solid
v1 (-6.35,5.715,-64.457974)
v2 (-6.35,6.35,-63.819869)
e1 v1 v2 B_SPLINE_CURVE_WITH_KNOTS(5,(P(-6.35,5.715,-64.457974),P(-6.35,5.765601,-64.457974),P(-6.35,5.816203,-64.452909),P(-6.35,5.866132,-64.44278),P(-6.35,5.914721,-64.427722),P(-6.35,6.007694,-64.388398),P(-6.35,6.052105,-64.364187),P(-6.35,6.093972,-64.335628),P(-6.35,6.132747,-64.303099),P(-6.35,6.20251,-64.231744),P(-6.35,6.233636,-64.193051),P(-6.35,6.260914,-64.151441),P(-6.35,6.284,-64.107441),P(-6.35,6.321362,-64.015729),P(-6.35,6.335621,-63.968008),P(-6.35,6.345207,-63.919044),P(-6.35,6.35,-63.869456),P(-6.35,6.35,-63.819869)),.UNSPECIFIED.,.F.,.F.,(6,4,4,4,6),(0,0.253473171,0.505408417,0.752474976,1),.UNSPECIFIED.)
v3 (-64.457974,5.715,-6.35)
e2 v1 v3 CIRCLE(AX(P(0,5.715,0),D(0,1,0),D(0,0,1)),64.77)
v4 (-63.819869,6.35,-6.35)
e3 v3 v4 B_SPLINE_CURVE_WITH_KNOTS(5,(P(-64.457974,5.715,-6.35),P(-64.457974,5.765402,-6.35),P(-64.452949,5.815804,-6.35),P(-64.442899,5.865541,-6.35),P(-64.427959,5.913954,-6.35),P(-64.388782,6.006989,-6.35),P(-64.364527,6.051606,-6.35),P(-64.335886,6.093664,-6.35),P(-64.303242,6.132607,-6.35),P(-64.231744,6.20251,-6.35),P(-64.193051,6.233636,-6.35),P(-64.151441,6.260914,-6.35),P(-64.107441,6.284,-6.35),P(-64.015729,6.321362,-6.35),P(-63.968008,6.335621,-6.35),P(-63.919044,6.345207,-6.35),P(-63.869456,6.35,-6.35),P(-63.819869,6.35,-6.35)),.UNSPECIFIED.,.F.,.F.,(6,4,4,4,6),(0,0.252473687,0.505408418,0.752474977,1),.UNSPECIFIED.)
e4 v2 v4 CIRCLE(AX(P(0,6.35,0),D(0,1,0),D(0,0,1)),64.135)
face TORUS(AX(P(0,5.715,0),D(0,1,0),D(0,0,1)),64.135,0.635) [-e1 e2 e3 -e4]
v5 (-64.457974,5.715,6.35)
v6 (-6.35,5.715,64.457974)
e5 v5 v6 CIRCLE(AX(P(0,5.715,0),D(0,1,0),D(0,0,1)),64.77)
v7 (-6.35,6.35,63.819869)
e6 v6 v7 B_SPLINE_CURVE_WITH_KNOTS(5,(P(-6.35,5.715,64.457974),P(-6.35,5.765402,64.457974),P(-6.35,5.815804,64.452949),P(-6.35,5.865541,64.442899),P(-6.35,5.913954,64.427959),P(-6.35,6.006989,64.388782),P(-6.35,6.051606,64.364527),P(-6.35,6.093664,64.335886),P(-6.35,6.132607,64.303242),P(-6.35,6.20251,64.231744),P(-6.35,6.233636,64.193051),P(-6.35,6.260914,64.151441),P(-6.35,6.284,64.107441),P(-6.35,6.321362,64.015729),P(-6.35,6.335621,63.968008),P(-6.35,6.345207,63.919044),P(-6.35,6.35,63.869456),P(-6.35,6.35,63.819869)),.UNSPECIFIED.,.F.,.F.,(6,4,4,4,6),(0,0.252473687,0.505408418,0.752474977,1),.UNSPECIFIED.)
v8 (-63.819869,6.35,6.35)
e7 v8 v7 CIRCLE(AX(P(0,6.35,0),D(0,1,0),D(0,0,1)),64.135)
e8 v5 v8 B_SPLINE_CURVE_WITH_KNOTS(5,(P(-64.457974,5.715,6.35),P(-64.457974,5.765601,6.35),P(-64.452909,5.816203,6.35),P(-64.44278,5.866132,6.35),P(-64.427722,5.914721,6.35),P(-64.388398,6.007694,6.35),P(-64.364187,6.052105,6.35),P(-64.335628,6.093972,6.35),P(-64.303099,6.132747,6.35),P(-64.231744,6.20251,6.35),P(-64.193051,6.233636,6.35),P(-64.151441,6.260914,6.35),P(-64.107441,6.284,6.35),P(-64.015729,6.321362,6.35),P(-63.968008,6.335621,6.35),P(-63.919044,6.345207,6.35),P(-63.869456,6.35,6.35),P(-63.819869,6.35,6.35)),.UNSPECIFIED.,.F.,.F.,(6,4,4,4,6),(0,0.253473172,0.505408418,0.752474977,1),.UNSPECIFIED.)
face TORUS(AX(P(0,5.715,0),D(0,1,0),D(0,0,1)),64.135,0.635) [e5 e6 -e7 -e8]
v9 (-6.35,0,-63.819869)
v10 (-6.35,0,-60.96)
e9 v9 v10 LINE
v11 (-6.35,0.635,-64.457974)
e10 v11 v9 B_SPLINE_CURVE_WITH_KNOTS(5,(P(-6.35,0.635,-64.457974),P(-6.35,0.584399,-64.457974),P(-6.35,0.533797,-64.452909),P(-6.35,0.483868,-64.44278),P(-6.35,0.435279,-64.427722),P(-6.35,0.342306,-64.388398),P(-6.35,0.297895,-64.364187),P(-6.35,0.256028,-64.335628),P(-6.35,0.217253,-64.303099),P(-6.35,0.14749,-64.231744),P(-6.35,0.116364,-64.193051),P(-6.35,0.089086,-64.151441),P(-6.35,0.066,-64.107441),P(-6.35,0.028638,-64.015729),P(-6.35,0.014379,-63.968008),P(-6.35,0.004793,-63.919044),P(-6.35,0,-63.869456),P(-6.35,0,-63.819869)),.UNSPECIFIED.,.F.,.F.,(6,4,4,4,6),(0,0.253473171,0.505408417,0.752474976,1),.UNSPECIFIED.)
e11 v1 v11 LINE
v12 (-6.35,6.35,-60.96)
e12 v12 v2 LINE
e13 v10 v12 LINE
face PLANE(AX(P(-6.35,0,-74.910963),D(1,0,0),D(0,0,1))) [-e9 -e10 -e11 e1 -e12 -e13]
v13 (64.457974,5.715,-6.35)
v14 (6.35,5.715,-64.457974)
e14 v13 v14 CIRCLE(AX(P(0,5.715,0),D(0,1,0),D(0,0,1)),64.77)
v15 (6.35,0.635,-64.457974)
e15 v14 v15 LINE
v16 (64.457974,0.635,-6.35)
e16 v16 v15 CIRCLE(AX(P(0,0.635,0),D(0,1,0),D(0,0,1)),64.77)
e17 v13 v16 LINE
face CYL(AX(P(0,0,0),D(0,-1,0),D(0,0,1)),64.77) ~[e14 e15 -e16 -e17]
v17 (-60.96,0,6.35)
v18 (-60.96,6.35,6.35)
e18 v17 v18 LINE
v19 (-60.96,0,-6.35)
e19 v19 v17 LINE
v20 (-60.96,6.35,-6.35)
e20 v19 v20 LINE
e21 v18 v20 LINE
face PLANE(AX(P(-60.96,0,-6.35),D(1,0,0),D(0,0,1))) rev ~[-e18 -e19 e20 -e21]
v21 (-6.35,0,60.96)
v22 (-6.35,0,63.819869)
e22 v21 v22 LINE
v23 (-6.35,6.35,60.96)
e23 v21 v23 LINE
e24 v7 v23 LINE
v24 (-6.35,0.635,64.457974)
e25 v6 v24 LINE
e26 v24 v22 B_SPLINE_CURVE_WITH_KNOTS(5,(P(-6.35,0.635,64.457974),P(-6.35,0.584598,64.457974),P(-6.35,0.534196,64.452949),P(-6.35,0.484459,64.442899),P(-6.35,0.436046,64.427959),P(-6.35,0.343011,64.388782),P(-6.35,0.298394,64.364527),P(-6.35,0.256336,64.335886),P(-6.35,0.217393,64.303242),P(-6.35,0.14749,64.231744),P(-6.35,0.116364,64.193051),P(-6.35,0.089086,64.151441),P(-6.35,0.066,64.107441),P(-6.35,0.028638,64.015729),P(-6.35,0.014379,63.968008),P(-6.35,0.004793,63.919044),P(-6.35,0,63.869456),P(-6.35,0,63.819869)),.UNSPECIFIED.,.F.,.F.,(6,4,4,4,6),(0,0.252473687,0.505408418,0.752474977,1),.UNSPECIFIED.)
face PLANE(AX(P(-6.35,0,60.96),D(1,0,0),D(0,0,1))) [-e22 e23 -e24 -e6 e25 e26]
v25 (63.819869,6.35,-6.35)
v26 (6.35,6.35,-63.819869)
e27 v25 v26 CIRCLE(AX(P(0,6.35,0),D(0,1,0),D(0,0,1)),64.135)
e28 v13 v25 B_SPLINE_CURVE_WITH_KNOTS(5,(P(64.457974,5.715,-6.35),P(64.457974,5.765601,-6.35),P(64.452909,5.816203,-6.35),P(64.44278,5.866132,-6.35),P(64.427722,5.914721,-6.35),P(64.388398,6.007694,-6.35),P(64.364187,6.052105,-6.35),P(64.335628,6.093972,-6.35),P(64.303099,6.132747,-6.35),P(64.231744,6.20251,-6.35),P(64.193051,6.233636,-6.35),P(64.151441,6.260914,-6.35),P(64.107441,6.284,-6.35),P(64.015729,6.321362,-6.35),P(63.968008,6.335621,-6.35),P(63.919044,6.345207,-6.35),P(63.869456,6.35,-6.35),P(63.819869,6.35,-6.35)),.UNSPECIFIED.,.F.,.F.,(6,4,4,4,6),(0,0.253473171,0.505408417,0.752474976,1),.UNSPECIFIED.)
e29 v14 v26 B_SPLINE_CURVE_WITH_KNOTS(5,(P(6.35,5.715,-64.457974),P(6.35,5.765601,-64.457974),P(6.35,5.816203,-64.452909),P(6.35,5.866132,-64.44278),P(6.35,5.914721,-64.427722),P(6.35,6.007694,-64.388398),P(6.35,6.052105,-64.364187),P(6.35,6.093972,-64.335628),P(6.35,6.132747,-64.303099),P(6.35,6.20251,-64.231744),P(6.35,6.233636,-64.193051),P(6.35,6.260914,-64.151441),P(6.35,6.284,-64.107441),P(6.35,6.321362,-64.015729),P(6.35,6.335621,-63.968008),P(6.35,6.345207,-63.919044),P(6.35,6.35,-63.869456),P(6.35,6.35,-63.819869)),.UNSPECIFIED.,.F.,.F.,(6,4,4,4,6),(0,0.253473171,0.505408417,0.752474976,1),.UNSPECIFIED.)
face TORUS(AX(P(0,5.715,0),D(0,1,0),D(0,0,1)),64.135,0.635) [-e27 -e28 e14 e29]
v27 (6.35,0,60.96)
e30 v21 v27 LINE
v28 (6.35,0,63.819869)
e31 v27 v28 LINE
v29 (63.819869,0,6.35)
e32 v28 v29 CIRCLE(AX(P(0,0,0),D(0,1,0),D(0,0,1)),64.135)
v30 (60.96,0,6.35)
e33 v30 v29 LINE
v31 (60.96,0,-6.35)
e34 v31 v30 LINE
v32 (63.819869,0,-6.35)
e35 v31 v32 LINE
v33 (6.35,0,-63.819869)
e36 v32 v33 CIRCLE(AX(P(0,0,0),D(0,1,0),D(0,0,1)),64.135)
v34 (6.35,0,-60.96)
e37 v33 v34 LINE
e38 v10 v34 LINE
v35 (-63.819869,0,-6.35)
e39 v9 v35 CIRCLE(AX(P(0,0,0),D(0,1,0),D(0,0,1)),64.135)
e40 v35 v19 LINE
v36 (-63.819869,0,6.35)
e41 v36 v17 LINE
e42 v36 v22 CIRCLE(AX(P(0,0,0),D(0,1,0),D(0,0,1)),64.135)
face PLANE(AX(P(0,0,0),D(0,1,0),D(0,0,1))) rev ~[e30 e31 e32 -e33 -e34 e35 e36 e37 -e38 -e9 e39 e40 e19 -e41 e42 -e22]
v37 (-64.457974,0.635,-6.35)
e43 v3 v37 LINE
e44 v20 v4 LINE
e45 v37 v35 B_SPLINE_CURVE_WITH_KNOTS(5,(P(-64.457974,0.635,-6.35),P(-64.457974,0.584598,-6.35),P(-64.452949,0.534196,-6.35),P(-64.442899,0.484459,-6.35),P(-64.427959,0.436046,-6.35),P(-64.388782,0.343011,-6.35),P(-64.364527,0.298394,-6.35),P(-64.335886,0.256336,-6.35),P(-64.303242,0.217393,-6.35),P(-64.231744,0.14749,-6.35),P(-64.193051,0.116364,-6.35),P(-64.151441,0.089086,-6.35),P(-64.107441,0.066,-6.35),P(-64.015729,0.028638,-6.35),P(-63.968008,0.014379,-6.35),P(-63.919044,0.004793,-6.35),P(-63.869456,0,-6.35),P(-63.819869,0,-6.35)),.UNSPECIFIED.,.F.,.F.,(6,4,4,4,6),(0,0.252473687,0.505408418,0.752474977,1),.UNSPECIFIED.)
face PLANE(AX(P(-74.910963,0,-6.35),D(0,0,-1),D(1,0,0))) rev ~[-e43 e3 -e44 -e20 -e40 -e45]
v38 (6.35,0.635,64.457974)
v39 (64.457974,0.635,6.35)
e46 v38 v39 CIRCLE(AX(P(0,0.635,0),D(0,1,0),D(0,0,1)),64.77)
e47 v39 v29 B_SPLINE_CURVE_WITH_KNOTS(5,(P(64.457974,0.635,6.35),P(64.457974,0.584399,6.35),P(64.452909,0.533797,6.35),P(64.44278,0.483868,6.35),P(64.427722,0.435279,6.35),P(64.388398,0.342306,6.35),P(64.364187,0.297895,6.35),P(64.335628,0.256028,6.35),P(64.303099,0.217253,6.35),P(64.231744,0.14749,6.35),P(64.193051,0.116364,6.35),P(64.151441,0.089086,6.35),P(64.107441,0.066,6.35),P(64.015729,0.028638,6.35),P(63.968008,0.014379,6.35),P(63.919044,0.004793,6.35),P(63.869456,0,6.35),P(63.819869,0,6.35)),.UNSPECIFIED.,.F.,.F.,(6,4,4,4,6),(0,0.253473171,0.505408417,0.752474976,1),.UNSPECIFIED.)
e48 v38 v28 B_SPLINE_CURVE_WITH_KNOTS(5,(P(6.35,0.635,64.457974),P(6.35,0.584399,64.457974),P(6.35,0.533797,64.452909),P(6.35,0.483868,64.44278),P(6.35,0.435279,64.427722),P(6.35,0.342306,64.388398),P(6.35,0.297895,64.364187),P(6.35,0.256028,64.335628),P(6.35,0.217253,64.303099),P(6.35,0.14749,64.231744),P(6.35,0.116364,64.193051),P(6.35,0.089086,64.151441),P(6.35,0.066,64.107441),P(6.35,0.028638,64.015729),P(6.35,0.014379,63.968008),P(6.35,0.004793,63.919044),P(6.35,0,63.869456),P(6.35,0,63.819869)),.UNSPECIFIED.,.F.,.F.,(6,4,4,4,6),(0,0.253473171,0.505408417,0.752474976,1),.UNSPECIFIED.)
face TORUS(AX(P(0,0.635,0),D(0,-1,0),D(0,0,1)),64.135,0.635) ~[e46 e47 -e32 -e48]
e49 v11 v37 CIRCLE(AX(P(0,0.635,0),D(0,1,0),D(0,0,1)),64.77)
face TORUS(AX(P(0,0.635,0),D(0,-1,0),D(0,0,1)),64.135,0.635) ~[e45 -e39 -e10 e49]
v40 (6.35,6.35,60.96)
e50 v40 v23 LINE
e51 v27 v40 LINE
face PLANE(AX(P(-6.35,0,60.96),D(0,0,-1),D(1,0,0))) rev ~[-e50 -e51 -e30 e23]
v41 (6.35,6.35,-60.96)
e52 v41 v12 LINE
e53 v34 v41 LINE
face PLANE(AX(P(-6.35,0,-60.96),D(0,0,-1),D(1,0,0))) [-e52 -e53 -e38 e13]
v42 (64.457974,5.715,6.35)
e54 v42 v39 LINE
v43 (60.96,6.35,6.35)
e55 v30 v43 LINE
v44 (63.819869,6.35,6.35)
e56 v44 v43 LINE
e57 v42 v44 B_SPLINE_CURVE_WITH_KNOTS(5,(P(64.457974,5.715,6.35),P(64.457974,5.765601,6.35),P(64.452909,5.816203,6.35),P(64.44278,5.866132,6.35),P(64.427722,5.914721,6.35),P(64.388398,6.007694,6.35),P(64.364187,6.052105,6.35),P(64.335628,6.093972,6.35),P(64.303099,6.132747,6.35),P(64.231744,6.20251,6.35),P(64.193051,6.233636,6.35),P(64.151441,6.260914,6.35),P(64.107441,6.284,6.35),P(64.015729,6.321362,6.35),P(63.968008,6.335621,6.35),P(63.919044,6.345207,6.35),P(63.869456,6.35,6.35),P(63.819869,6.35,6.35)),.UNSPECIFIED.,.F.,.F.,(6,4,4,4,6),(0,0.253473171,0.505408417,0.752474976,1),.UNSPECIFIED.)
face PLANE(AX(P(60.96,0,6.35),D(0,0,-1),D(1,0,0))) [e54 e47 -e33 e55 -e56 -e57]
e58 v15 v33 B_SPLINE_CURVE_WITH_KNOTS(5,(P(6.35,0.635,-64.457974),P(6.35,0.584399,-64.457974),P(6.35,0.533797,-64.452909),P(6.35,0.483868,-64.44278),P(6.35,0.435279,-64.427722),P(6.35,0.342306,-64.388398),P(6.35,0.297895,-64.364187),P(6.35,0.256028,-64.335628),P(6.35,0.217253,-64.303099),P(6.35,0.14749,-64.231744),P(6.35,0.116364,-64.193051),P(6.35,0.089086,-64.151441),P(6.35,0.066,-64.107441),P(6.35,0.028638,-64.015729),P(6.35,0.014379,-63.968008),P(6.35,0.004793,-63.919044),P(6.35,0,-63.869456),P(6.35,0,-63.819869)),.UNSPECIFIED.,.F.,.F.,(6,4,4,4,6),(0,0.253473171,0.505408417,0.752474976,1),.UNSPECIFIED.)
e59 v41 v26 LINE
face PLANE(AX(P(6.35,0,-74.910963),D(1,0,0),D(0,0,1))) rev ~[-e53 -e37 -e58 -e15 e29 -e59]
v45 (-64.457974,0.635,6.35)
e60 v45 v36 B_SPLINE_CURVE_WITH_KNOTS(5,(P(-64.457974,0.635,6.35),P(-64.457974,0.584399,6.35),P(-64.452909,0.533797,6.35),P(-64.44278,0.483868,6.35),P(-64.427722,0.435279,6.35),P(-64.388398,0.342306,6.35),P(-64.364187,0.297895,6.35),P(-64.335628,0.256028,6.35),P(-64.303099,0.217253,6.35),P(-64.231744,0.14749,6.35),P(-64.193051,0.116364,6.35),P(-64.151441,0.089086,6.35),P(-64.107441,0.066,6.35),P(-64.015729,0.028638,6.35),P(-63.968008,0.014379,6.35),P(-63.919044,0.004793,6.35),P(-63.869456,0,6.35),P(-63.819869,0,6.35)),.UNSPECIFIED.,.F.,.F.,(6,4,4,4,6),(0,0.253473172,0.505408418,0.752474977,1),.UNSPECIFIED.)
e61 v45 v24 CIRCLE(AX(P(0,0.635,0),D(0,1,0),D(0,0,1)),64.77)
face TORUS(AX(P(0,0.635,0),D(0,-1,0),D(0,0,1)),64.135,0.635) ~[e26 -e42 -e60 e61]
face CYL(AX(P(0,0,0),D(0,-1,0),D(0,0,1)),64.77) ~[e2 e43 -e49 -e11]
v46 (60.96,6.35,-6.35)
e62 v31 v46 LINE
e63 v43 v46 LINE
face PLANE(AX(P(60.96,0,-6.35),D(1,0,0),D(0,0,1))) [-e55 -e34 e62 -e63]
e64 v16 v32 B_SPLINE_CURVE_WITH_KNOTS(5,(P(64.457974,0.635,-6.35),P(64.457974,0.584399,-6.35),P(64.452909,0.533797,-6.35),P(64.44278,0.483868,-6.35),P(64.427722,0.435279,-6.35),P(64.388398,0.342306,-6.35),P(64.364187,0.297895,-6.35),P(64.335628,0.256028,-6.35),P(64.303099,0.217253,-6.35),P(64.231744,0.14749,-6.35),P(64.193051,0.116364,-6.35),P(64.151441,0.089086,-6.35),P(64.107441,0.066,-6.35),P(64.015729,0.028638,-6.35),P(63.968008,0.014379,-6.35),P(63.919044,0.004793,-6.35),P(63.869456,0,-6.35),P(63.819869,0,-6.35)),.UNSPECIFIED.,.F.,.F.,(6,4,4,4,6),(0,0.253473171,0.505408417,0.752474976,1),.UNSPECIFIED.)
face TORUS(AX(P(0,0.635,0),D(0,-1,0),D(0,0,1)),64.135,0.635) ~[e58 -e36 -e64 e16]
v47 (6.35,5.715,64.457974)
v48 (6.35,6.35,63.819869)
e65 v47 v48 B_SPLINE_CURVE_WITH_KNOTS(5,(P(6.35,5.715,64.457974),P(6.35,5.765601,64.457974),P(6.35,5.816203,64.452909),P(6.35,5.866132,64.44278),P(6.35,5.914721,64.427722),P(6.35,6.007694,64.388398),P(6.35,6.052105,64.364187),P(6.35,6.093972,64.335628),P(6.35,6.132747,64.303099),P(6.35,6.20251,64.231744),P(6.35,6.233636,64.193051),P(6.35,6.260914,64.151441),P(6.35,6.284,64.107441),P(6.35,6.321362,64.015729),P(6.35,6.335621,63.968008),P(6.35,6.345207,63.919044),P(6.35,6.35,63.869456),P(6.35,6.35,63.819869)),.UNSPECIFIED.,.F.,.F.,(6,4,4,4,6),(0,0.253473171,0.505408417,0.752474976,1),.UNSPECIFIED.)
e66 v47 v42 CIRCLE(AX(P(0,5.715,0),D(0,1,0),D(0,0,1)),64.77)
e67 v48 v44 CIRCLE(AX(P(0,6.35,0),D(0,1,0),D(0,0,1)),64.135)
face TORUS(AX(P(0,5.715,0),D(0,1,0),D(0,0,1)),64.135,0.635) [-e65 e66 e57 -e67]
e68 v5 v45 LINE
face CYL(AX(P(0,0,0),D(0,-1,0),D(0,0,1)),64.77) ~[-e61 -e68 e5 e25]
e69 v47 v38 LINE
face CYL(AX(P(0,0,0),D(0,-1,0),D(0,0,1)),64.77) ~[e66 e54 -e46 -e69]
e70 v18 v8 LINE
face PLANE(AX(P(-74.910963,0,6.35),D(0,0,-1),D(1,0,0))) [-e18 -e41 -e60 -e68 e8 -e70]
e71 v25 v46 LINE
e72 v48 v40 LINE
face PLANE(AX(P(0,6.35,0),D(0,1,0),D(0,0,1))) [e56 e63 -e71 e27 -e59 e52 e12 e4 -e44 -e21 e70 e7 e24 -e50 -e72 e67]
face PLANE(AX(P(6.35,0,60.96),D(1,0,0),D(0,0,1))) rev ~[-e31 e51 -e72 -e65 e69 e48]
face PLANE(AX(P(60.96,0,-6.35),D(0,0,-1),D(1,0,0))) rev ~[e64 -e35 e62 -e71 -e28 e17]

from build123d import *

# Parameters (mm, degrees)
SKETCH2_R           = 64.77
BOSS_EXTRUDE1_DEPTH = 6.35
FILLET1_R           = 0.635
SKETCH4_W           = 13.950963387
SKETCH4_H           = 12.7
SKETCH4_W_2         = 12.7
SKETCH4_H_2         = 13.950963387
CUT_EXTRUDE1_DEPTH  = 92.818453009


with BuildPart() as part:
    # Sketch2 → Boss-Extrude1 (new body)
    with BuildSketch(Plane(origin=(0, 0, 0), x_dir=(1, 0, 0), z_dir=(0, 1, 0))):
        with Locations(Location((0, 0, 0), (0, 0, 270))):
            Circle(SKETCH2_R)
    extrude(amount=BOSS_EXTRUDE1_DEPTH)

    # Fillet1
    fillet1_edges = [part.edges().sort_by_distance(p)[0] for p in [
        (0, 0, -64.77),
        (0, 6.35, -64.77),
    ]]
    fillet(fillet1_edges, radius=FILLET1_R)

    # Sketch4 → Cut-Extrude1 (cut, through all)
    with BuildSketch(Plane.XZ):
        with Locations((67.935481694, 0)):
            Rectangle(SKETCH4_W, SKETCH4_H)
        with Locations((0, -67.935481694)):
            Rectangle(SKETCH4_W_2, SKETCH4_H_2)
        with Locations((-67.935481694, 0)):
            Rectangle(SKETCH4_W, SKETCH4_H)
        with Locations((0, 67.935481694)):
            Rectangle(SKETCH4_W_2, SKETCH4_H_2)
    extrude(amount=-CUT_EXTRUDE1_DEPTH, mode=Mode.SUBTRACT)


solid = part.part
